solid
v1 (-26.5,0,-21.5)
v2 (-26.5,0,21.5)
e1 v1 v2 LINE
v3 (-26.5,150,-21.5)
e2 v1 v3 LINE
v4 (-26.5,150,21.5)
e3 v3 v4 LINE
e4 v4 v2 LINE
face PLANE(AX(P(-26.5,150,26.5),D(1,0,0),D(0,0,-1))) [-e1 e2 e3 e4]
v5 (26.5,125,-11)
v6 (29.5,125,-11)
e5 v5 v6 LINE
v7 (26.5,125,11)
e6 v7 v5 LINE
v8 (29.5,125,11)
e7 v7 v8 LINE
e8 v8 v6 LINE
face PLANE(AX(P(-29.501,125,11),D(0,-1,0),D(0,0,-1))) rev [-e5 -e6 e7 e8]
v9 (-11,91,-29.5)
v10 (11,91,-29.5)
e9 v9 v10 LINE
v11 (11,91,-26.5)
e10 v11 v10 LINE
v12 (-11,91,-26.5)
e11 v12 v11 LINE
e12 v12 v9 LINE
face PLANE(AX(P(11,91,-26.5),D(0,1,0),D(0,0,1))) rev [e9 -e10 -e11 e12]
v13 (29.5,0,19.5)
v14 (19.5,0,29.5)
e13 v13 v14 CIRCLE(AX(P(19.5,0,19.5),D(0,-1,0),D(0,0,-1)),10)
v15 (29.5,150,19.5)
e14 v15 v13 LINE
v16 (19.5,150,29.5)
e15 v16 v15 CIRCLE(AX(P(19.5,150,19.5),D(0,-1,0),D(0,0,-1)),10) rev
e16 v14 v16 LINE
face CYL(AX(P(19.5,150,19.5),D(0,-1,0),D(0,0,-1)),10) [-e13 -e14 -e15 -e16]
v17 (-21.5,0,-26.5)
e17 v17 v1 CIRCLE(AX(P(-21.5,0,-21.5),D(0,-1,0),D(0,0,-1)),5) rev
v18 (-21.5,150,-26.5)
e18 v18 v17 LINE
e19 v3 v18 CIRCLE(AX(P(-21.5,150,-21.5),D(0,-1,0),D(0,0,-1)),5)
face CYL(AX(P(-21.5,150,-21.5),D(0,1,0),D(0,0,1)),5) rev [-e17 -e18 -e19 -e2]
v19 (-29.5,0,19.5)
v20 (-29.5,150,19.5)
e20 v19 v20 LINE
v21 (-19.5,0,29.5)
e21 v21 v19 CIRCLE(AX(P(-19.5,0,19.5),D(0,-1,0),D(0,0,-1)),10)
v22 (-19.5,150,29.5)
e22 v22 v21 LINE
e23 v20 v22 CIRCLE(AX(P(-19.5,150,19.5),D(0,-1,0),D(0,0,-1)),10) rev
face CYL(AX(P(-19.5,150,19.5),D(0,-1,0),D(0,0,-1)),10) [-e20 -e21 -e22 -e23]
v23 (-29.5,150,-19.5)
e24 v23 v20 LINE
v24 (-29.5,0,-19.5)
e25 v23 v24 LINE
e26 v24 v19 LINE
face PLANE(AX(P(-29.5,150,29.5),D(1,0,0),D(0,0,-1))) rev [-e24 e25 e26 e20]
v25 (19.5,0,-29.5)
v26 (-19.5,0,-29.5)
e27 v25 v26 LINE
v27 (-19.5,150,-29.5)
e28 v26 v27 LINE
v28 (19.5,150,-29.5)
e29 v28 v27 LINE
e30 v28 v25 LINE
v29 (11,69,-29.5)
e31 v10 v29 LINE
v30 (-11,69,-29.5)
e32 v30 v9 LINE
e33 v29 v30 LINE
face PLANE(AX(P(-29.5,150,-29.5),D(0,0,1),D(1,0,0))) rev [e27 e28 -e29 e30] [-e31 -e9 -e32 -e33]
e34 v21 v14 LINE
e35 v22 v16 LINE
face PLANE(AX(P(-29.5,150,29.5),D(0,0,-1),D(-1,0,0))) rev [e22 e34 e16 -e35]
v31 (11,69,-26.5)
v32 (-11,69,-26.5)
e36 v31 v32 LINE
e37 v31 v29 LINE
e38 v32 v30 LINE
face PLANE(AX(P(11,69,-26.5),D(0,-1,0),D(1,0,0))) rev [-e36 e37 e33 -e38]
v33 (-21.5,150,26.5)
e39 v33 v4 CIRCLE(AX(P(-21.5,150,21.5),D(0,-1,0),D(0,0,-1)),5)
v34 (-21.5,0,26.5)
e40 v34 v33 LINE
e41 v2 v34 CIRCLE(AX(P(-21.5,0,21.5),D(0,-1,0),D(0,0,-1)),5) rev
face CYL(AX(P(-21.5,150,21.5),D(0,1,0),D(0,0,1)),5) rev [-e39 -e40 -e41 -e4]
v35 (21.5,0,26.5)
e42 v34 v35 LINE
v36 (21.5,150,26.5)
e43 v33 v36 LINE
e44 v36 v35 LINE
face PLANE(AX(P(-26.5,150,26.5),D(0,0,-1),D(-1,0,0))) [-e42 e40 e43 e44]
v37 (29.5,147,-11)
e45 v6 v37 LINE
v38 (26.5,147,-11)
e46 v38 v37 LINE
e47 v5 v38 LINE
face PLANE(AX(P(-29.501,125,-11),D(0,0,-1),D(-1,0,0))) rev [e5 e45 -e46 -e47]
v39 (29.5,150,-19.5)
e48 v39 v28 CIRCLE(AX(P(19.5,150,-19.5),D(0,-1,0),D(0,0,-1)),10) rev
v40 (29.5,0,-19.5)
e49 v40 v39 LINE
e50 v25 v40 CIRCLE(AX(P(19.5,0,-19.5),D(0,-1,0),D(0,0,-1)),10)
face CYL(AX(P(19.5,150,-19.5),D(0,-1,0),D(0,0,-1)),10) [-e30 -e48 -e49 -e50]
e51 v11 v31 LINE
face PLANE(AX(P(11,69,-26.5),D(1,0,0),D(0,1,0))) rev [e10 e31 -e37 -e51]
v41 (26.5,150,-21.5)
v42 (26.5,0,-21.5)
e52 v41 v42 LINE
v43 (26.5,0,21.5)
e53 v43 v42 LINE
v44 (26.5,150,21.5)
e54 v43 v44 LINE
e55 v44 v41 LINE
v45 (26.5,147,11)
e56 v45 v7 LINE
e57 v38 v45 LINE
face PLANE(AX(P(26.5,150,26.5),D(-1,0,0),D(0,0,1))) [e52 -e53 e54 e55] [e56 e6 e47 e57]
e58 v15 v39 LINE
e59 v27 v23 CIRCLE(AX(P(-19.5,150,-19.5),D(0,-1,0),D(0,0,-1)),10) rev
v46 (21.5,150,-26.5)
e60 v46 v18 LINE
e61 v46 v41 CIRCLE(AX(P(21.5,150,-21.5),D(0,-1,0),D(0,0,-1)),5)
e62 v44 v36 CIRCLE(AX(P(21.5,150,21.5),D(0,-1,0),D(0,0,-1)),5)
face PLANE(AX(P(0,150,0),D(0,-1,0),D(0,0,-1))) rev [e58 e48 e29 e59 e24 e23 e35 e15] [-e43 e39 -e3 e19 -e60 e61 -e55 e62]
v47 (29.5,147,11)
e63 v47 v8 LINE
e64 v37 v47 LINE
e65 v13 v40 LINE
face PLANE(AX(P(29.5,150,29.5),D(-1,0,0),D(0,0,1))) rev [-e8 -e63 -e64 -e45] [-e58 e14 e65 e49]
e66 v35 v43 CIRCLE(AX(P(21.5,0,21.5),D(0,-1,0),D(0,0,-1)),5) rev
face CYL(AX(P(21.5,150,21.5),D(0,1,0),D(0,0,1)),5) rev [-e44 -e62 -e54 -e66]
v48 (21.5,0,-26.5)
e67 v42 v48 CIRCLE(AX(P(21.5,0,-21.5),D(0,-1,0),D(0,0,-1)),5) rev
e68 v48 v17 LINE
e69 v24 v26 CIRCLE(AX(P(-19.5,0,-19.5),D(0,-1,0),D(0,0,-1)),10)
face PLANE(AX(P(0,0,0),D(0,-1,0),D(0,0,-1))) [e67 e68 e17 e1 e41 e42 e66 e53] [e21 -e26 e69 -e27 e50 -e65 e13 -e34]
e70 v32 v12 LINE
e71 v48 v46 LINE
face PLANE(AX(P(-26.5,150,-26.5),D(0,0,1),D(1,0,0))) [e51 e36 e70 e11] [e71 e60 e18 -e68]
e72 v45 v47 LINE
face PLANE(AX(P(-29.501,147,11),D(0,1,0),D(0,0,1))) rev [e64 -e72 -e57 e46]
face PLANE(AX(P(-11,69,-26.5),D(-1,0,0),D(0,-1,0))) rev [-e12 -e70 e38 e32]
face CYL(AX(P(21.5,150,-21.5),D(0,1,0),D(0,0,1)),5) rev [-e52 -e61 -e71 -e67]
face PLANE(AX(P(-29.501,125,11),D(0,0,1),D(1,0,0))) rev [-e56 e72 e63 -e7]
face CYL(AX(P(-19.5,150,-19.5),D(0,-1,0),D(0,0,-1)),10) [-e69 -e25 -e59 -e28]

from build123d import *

# Parameters (mm, degrees)
SKETCH1_W           = 59
SKETCH1_H           = 59
SKETCH1_W_2         = 53
SKETCH1_H_2         = 53
BOSS_EXTRUDE1_DEPTH = 150
FILLET1_R           = 10
FILLET2_R           = 5
SKETCH3_W           = 22
SKETCH3_H           = 22
CUT_EXTRUDE2_DEPTH  = 3
CUT_EXTRUDE4_REACH  = 165.864
SKETCH5_W           = 22
SKETCH5_H           = 22


with BuildPart() as part:
    # Sketch1 → Boss-Extrude1 (new body)
    with BuildSketch(Plane(origin=(0, 0, 0), x_dir=(1, 0, 0), z_dir=(0, 1, 0))):
        Rectangle(SKETCH1_W, SKETCH1_H)
        Rectangle(SKETCH1_W_2, SKETCH1_H_2, mode=Mode.SUBTRACT)
    extrude(amount=BOSS_EXTRUDE1_DEPTH)

    # Fillet1
    fillet1_edges = [part.edges().sort_by_distance(p)[0] for p in [
        (29.5, 75, 29.5),
        (-29.5, 75, 29.5),
        (-29.5, 75, -29.5),
        (29.5, 75, -29.5),
    ]]
    fillet(fillet1_edges, radius=FILLET1_R)

    # Fillet2
    fillet2_edges = [part.edges().sort_by_distance(p)[0] for p in [
        (26.5, 75, 26.5),
        (26.5, 75, -26.5),
        (-26.5, 75, -26.5),
        (-26.5, 75, 26.5),
    ]]
    fillet(fillet2_edges, radius=FILLET2_R)

    # Sketch3 → Cut-Extrude2 (cut)
    with BuildSketch(Plane(origin=(0, 0, -29.5), x_dir=(-1, 0, 0), z_dir=(0, 0, -1))):
        with Locations((0, 80)):
            Rectangle(SKETCH3_W, SKETCH3_H)
    extrude(amount=-CUT_EXTRUDE2_DEPTH, mode=Mode.SUBTRACT)

    # Sketch5 → Cut-Extrude4 (cut, up to next)
    with BuildSketch(Plane(origin=(29.5, 0, 0), x_dir=(0, 0, -1), z_dir=(1, 0, 0)), mode=Mode.PRIVATE) as cut_extrude4_sk1:
        with Locations((0, 136)):
            Rectangle(SKETCH5_W, SKETCH5_H)
    cut_extrude4_tool1 = extrude(cut_extrude4_sk1.sketch, amount=-CUT_EXTRUDE4_REACH, mode=Mode.PRIVATE) & part.part
    add(cut_extrude4_tool1.solids().sort_by_distance((29.5, 136, 0))[0], mode=Mode.SUBTRACT)


solid = part.part
